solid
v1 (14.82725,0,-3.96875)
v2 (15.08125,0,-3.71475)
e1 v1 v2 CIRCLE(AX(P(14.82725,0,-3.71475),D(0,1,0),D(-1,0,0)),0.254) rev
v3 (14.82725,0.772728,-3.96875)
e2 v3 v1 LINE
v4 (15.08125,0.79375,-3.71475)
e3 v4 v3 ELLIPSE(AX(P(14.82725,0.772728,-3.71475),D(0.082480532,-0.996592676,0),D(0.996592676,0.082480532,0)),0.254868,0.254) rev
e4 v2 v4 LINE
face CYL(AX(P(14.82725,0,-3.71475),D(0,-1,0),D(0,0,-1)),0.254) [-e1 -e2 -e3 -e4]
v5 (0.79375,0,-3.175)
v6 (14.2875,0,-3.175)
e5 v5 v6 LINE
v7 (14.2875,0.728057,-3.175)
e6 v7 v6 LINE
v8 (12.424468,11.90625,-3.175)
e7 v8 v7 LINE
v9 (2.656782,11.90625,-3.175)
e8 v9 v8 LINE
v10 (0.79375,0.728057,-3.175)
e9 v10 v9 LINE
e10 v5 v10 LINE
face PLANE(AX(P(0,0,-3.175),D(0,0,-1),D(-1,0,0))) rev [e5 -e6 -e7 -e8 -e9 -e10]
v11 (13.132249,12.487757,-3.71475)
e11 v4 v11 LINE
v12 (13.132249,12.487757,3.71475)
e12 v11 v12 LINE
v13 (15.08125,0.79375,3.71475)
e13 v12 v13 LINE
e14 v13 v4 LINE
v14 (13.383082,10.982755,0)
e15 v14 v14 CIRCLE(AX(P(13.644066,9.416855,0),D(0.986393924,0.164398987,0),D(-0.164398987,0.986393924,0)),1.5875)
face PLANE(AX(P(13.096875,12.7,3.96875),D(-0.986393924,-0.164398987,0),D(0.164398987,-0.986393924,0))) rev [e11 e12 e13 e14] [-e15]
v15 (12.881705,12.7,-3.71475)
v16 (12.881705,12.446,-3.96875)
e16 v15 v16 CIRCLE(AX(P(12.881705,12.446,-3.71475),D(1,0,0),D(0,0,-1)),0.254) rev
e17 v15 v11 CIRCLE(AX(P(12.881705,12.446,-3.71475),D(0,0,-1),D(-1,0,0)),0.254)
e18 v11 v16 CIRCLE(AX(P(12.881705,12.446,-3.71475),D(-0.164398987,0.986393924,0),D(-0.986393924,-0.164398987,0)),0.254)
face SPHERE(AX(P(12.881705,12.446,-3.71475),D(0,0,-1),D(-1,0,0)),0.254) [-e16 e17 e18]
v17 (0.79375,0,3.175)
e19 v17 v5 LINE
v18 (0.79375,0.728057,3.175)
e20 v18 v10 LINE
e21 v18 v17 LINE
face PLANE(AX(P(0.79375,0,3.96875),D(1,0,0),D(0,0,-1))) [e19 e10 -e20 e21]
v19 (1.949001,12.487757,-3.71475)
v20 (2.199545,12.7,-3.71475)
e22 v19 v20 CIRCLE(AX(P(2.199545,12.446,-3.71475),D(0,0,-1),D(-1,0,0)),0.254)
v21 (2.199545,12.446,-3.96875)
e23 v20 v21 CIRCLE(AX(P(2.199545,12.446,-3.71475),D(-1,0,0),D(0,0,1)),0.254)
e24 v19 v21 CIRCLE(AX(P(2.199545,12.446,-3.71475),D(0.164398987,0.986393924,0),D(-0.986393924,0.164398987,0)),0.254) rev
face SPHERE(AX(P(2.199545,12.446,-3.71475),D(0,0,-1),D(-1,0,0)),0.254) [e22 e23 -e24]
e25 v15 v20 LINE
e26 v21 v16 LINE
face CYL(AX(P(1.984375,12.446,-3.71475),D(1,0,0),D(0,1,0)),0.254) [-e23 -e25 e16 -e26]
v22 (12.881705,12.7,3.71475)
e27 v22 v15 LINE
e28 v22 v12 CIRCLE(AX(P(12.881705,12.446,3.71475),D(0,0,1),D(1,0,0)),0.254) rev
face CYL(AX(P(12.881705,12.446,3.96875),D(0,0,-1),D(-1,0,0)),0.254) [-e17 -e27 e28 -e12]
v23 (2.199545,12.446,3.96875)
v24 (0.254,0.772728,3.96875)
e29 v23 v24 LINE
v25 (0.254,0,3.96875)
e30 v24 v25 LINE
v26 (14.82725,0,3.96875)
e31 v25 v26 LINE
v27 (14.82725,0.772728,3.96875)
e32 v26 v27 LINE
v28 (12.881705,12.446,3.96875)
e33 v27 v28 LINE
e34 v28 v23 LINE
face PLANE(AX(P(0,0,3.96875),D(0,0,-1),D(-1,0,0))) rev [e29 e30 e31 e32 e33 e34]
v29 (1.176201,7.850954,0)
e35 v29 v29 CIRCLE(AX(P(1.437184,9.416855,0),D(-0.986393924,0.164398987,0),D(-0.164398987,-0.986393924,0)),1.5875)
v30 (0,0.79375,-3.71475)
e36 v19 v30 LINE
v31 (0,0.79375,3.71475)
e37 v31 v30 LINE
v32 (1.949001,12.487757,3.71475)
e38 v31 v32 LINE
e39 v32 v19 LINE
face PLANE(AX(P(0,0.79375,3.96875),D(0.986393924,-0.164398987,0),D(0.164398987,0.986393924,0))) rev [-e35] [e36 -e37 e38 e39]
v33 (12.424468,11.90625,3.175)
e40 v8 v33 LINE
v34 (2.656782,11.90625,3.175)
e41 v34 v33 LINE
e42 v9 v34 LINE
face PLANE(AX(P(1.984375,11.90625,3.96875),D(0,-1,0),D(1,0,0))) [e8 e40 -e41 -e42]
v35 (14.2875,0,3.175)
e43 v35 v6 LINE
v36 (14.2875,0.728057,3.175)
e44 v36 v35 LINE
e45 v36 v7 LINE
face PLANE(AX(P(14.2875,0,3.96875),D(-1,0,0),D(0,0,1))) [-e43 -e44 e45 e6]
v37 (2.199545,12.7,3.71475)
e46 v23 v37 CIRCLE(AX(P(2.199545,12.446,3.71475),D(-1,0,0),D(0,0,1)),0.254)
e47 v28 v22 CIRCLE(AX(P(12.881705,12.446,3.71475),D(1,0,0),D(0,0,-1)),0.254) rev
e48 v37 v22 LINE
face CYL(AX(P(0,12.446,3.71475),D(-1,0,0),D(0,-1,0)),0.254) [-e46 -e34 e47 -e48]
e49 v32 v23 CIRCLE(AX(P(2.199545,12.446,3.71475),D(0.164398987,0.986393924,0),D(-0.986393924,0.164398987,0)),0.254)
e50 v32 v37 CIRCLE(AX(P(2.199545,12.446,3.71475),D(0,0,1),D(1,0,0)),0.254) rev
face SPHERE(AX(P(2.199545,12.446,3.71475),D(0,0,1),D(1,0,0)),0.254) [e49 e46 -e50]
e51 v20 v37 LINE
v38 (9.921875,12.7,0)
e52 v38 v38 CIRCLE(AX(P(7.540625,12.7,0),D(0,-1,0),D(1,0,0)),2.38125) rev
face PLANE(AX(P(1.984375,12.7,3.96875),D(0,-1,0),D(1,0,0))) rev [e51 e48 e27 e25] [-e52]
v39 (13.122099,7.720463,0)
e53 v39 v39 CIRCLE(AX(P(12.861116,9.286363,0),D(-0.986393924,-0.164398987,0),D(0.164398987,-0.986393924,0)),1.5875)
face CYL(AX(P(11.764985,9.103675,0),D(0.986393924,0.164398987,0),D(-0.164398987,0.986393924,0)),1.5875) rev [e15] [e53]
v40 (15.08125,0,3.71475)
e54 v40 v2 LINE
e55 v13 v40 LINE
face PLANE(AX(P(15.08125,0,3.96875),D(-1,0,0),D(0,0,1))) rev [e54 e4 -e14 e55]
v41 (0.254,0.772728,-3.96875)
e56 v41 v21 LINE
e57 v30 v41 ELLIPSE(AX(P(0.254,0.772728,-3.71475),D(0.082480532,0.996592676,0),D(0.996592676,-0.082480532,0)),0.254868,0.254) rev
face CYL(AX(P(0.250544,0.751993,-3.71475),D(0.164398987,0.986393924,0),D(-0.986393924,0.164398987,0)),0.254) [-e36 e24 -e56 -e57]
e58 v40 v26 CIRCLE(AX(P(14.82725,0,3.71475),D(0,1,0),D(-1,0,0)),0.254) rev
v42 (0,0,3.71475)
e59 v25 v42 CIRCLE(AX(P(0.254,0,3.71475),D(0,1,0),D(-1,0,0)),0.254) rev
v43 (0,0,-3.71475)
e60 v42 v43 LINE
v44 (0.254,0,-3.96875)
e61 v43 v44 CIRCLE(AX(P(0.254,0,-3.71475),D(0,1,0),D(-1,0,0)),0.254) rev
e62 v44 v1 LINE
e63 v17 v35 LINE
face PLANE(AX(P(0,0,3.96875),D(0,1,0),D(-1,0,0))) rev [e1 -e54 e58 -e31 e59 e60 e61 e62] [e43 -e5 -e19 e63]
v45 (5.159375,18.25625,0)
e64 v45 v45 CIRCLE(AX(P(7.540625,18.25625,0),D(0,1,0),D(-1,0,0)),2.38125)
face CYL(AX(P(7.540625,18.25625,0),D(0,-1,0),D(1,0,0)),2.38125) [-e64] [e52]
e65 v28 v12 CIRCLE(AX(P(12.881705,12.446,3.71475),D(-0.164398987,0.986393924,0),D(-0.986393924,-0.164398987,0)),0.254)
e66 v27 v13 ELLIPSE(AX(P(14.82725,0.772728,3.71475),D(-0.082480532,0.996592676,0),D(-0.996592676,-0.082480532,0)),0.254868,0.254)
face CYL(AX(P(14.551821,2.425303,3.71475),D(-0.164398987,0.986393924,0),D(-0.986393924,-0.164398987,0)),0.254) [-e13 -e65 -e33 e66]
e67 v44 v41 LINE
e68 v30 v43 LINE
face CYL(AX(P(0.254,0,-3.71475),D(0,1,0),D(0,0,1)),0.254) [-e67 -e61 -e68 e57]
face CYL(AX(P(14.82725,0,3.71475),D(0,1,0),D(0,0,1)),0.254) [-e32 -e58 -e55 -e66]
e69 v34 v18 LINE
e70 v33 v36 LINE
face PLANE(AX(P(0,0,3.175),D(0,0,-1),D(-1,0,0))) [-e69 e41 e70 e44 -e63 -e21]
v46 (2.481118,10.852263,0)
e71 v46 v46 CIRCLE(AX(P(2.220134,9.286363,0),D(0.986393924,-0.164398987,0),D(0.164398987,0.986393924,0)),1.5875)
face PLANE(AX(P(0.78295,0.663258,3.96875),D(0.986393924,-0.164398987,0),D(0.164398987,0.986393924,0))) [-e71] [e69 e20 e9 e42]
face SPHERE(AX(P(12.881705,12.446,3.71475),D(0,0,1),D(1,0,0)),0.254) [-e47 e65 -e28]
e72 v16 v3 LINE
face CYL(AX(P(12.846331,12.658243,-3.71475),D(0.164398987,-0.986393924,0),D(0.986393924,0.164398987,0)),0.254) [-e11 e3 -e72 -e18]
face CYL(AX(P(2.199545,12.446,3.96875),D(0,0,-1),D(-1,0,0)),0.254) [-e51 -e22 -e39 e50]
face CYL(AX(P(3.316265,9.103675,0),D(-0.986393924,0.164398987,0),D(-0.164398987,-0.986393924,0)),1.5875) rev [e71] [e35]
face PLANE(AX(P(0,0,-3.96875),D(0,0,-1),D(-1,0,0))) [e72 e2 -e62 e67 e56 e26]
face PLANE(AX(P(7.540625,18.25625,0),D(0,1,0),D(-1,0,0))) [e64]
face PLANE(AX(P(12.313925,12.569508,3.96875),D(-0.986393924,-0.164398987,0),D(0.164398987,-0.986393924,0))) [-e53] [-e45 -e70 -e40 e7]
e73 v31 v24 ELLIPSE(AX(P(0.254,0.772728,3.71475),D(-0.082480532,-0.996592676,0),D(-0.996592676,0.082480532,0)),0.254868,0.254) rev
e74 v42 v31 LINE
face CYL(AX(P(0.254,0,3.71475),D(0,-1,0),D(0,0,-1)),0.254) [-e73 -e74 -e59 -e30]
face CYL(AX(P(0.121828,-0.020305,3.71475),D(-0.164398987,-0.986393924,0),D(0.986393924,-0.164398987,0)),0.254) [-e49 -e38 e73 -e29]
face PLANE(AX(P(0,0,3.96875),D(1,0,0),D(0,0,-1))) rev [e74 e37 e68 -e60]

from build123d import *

# Parameters (mm, degrees)
BOSS_EXTRUDE1_DEPTH = 3.96875
FILLET1_R           = 0.254
SHELL2_T            = -0.79375
SKETCH2_R           = 2.38125
BOSS_EXTRUDE2_DEPTH = 5.55625
SKETCH4_R           = 1.5875
CUT_EXTRUDE1_DEPTH  = 1.905
SKETCH5_R           = 1.5875
CUT_EXTRUDE2_DEPTH  = 1.905


with BuildPart() as part:
    # Sketch1 → Boss-Extrude1 (new, symmetric)
    with BuildSketch(Plane.XY):
        Polygon((0, 0), (15.08125, 0), (15.08125, 0.79375), (13.096875, 12.7), (1.984375, 12.7), (0, 0.79375), align=None)
    extrude(amount=BOSS_EXTRUDE1_DEPTH, both=True)

    # Fillet1
    fillet1_edges = [part.edges().sort_by_distance(p)[0] for p in [
        (1.984375, 12.7, 0),
        (13.096875, 12.7, 0),
        (15.08125, 0.396875, 3.96875),
        (14.0890625, 6.746875, 3.96875),
        (7.540625, 12.7, 3.96875),
        (0.9921875, 6.746875, 3.96875),
        (0, 0.396875, 3.96875),
        (0.9921875, 6.746875, -3.96875),
        (7.540625, 12.7, -3.96875),
        (14.0890625, 6.746875, -3.96875),
        (15.08125, 0.396875, -3.96875),
        (0, 0.396875, -3.96875),
    ]]
    fillet(fillet1_edges, radius=FILLET1_R)

    # Shell2
    shell2_openings = [part.faces().sort_by_distance(p)[0] for p in [
        (7.540625, 0, 0),
    ]]
    offset(amount=SHELL2_T, openings=shell2_openings, kind=Kind.INTERSECTION)

    # Sketch2 → Boss-Extrude2 (add)
    with BuildSketch(Plane(origin=(0, 12.7, 0), x_dir=(1, 0, 0), z_dir=(0, 1, 0))):
        with Locations((7.540625, 0)):
            Circle(SKETCH2_R)
    extrude(amount=BOSS_EXTRUDE2_DEPTH)

    # Sketch4 → Cut-Extrude1 (cut)
    with BuildSketch(Plane(origin=(14.802364865, 2.467060811, 0), x_dir=(0, 0, -1), z_dir=(0.9863939238321437, 0.16439898730535743, 0))):
        with Locations(Location((0, 7.045657773, 0), (0, 0, 90))):
            Circle(SKETCH4_R)
    extrude(amount=-CUT_EXTRUDE1_DEPTH, mode=Mode.SUBTRACT)

    # Sketch5 → Cut-Extrude2 (cut)
    with BuildSketch(Plane(origin=(-0.128716216, 0.021452703, 0), x_dir=(0, 0, 1), z_dir=(-0.9863939238321439, 0.16439898730535724, 0))):
        with Locations(Location((0, 9.525, 0), (0, 0, 270))):
            Circle(SKETCH5_R)
    extrude(amount=-CUT_EXTRUDE2_DEPTH, mode=Mode.SUBTRACT)


solid = part.part
